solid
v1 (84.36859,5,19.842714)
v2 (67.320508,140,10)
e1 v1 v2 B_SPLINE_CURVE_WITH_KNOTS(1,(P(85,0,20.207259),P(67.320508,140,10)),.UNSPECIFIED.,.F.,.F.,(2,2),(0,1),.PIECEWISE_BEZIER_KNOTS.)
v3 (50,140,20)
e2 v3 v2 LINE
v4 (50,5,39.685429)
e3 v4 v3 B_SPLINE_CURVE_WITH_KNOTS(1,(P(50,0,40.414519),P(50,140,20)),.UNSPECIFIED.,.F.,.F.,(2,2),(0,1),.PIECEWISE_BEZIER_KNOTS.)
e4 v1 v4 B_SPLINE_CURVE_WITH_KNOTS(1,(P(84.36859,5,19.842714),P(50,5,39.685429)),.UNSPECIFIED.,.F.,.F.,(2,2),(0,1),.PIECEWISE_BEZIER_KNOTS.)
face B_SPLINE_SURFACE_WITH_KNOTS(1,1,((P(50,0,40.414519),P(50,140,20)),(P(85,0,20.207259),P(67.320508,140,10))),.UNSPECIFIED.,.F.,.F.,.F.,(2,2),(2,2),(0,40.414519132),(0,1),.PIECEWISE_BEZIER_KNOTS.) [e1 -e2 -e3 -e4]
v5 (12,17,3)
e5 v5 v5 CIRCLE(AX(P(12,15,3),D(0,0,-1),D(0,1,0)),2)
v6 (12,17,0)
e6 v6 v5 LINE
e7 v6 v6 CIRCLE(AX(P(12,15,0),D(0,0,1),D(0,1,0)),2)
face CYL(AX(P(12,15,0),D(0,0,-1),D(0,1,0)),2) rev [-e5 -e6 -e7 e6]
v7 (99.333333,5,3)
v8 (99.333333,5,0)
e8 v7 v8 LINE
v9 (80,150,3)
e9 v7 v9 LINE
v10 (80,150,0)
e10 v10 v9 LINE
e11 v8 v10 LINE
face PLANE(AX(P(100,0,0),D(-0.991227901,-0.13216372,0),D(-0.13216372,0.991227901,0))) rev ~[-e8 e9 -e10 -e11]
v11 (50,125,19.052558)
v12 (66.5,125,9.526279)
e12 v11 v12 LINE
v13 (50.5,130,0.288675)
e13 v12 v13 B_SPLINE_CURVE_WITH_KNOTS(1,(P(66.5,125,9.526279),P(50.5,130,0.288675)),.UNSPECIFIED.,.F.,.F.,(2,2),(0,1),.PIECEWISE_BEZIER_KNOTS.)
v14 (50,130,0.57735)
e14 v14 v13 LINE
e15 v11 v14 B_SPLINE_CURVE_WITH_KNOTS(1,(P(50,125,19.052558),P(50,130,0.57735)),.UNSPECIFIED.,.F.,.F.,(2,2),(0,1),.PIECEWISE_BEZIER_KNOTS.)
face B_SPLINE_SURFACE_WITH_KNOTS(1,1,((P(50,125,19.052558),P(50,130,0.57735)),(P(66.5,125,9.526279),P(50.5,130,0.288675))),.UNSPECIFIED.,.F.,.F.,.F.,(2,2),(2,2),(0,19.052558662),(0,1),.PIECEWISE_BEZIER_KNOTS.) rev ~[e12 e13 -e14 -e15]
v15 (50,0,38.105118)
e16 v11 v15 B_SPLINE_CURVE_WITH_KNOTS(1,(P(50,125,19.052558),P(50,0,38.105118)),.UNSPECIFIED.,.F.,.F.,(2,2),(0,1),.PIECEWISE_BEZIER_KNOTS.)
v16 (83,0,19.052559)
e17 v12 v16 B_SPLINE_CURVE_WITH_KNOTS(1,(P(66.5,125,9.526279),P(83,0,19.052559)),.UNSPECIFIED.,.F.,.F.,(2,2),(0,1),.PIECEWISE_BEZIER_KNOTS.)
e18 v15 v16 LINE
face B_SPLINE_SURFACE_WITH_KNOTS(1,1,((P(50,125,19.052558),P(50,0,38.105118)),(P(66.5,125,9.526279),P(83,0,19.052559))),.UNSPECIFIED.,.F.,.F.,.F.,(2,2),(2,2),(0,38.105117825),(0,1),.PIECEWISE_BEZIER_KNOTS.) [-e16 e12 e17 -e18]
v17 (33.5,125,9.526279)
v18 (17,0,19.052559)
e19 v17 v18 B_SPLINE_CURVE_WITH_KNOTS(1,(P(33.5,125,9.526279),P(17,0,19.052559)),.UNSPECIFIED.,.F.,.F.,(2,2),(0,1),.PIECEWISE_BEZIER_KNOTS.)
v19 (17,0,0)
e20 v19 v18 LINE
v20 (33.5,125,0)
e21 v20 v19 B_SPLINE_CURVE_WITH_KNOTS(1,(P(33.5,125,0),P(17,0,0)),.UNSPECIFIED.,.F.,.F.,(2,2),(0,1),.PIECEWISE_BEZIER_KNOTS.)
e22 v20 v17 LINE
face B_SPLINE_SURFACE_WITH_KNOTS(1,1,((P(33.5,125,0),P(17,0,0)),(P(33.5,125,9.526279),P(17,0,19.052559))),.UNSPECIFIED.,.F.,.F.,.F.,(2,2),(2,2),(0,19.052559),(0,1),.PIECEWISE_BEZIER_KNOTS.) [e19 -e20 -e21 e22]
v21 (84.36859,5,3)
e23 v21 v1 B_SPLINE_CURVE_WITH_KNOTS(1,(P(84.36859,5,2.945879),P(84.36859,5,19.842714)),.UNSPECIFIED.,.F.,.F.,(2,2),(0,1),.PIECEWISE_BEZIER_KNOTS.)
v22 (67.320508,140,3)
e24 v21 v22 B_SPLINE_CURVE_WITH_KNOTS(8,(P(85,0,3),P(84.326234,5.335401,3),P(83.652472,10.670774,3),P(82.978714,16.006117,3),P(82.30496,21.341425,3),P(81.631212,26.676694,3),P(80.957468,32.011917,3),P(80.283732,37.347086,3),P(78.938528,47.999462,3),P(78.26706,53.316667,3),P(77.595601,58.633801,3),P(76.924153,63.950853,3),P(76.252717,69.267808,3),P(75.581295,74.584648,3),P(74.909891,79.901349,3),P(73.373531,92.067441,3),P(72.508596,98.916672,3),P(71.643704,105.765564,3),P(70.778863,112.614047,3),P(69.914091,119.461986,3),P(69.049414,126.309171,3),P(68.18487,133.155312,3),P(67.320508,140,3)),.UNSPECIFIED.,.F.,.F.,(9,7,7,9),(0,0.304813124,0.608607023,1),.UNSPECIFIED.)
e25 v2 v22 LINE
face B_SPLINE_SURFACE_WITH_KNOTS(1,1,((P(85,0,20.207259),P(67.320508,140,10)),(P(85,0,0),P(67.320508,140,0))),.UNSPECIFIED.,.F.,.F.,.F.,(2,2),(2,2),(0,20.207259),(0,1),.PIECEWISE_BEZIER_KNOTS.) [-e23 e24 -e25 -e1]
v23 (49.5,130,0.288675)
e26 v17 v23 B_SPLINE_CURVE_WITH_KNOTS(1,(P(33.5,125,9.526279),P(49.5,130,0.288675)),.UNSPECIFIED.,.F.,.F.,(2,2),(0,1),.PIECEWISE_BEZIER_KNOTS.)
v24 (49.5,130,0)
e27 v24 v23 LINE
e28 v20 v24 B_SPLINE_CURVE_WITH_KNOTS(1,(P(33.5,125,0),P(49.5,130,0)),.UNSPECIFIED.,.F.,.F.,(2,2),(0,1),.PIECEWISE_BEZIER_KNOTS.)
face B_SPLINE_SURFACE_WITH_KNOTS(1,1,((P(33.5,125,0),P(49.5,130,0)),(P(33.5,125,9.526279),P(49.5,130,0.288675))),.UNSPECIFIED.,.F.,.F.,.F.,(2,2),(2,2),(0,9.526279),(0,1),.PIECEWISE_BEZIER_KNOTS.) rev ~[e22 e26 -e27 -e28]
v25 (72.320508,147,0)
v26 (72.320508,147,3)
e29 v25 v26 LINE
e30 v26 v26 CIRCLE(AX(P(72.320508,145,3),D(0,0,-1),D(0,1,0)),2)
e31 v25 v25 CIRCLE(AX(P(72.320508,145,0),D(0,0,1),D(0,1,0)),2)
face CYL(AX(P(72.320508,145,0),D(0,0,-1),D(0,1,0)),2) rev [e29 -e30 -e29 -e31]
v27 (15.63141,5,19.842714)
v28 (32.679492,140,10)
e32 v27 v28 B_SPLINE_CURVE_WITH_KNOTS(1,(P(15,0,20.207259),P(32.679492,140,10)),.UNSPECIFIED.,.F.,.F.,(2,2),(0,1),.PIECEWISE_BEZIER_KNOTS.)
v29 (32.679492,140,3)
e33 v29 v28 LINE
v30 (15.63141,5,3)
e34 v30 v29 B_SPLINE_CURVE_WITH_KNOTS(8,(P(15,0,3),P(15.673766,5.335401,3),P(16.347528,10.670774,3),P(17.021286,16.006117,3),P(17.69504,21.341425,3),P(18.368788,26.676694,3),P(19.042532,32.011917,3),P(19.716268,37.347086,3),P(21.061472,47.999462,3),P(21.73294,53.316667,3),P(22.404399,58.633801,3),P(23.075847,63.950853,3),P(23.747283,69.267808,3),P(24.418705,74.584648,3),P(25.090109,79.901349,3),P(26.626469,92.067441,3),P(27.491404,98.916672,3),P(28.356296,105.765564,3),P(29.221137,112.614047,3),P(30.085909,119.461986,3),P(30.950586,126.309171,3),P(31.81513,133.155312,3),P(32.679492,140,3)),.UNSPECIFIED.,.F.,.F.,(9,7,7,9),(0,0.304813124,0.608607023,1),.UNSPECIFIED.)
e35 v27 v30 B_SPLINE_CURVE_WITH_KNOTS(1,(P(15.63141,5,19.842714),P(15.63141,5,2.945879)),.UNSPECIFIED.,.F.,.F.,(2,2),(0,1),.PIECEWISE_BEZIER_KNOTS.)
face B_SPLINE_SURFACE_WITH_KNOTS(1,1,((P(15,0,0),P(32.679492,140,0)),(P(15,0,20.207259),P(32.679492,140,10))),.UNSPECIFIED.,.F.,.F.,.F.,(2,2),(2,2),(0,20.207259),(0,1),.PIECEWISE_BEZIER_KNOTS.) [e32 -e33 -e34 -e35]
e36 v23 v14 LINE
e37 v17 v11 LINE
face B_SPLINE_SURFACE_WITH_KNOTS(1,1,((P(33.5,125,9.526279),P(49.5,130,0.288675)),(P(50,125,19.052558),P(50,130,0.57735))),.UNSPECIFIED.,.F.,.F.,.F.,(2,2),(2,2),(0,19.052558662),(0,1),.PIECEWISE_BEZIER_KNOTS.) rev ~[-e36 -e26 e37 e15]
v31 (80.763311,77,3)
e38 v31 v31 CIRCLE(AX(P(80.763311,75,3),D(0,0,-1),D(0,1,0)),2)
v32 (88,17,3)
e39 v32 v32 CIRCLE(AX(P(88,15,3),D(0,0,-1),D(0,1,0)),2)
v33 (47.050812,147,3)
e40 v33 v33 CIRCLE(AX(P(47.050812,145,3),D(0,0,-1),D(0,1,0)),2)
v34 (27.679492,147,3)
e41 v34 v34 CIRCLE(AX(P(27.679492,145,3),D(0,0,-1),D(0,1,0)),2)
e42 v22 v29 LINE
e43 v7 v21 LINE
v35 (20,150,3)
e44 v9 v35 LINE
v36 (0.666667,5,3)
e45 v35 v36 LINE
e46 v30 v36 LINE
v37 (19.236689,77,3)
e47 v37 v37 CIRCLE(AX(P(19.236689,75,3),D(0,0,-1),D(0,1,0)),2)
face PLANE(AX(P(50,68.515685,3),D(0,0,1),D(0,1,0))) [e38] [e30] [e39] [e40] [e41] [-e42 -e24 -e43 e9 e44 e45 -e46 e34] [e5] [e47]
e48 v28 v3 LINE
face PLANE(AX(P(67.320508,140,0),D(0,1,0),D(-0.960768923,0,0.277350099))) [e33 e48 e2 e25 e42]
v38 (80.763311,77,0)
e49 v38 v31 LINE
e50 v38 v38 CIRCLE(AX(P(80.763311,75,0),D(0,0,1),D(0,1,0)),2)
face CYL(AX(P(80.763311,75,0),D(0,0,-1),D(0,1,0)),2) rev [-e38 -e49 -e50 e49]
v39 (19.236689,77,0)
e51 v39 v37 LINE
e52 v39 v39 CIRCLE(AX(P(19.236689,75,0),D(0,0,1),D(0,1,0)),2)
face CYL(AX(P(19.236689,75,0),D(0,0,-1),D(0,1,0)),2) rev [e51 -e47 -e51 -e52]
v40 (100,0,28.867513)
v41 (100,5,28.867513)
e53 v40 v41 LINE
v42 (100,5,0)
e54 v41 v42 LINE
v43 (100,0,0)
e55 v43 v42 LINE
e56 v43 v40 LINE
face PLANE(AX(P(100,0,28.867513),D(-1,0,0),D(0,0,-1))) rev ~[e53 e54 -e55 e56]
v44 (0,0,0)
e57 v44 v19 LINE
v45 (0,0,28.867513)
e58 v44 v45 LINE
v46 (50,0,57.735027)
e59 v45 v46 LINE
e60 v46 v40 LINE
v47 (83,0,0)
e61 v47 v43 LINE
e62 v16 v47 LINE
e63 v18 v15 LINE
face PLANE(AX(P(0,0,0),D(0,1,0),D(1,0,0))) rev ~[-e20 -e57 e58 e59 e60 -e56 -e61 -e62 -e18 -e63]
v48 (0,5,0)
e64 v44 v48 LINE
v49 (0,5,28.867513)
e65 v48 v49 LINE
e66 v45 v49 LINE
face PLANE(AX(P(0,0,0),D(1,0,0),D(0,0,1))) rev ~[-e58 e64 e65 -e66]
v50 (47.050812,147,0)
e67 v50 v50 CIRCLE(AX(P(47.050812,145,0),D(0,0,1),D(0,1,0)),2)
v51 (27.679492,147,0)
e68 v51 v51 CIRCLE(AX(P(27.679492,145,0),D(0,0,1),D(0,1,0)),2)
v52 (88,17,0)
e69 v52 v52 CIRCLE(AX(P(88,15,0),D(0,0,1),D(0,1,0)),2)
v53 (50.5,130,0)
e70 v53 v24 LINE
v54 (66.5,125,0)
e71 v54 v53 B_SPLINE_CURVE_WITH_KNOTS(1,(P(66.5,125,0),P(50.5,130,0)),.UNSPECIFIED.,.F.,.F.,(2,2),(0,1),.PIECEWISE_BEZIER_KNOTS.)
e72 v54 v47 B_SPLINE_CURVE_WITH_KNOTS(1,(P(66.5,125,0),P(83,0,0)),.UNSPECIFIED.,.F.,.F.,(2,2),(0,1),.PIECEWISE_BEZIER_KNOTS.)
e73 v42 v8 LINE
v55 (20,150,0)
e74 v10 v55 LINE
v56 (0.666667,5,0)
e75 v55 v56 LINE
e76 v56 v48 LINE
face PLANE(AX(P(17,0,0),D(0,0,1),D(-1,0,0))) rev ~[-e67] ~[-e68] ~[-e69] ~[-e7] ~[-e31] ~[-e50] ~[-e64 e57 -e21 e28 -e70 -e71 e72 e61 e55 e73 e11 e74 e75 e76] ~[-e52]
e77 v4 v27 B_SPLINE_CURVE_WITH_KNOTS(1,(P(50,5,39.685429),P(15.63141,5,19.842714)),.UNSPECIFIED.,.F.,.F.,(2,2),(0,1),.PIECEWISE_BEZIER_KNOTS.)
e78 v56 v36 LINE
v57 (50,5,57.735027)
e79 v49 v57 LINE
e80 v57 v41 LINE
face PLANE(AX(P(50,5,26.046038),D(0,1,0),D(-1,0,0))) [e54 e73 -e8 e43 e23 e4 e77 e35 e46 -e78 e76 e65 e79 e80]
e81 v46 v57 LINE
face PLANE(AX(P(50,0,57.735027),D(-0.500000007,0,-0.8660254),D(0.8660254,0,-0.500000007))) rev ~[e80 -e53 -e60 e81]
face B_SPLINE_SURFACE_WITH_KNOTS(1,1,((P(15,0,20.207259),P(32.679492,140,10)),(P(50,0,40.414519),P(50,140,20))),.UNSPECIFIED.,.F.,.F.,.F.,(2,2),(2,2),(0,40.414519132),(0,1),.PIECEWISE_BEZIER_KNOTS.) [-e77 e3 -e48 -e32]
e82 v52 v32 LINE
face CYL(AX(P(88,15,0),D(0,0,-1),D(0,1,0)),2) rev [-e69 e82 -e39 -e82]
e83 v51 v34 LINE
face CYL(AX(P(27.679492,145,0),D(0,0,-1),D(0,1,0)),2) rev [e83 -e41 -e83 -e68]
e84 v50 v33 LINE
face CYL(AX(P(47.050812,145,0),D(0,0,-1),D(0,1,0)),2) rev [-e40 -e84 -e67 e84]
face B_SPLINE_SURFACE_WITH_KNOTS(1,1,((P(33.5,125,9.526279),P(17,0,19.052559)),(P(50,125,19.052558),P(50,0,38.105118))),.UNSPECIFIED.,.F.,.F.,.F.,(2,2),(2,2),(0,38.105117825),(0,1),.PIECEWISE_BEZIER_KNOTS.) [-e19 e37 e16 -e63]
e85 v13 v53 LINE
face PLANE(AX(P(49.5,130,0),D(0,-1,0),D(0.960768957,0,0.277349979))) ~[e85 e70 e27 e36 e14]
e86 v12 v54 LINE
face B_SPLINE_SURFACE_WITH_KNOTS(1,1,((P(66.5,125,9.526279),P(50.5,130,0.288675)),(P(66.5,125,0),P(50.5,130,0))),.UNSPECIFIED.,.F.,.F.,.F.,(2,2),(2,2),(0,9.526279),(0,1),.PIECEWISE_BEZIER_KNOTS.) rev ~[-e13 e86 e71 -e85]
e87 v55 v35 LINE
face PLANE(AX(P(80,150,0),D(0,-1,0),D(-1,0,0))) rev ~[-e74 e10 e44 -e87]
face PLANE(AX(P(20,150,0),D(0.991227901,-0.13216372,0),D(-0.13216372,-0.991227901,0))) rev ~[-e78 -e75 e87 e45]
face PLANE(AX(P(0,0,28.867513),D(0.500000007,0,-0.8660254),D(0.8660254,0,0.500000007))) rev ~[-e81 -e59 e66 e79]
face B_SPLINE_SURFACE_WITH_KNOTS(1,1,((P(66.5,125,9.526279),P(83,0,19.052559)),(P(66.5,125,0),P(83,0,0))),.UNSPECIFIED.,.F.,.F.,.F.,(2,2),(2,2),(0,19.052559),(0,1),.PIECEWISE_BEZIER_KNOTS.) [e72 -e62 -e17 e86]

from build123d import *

# Parameters (mm, degrees)
EXTRUDE002_DEPTH = 5
FACE007_R        = 2
EXTRUDE001_DEPTH = 10
EXTRUDE_DEPTH    = 3


with BuildPart() as extrude002:
    # Sketch008 (on Face18 of Cut001) → Extrude002 (new body)
    with BuildSketch(Plane.XZ):
        Polygon((0, 0), (0, 28.867513), (50, 57.735027), (100, 28.867513), (100, 0), (83, 0), (83, 19.052559), (50, 38.105118), (17, 19.052559), (17, 0), align=None)
    extrude(amount=-EXTRUDE002_DEPTH)


with BuildPart() as extrude001:
    # Face007 → Extrude001 (new body)
    with BuildSketch(Plane(origin=(88, 15, 0), x_dir=(0, 1, 0), z_dir=(0, 0, 1))):
        Circle(FACE007_R)
        with Locations((0, 76)):
            Circle(FACE007_R)
        with Locations((60, 68.763311)):
            Circle(FACE007_R)
        with Locations((60, 7.236689)):
            Circle(FACE007_R)
        with Locations((130, 15.679492)):
            Circle(FACE007_R)
        with Locations((130, 40.949188)):
            Circle(FACE007_R)
        with Locations((130, 60.320508)):
            Circle(FACE007_R)
    extrude(amount=EXTRUDE001_DEPTH)


with BuildPart() as loft002:
    # Face006 → Loft002 section 0
    with BuildSketch(Plane(origin=(50, 125, 7.409328), x_dir=(1, 0, 0), z_dir=(0, 1, 0))):
        Polygon((-16.5, 7.409328), (-16.5, -2.116951), (0, -11.64323), (16.5, -2.116951), (16.5, 7.409328), align=None)
    # Face005 → Loft002 section 1
    with BuildSketch(Plane(origin=(50, 130, 0.224525), x_dir=(1, 0, 0), z_dir=(0, 1, 0))):
        Polygon((-0.5, 0.224525), (-0.5, -0.06415), (0, -0.352825), (0.5, -0.06415), (0.5, 0.224525), align=None)
    loft()


with BuildPart() as fusion001:
    # Face003 → Loft001 section 0
    with BuildSketch(Plane(origin=(50, 125, 7.409328), x_dir=(1, 0, 0), z_dir=(0, 1, 0))):
        Polygon((-16.5, 7.409328), (-16.5, -2.116951), (0, -11.64323), (16.5, -2.116951), (16.5, 7.409328), align=None)
    # Face004 → Loft001 section 1
    with BuildSketch(Plane(origin=(50, 0, 14.818657), x_dir=(1, 0, 0), z_dir=(0, 1, 0))):
        Polygon((-33, 14.818657), (-33, -4.233902), (0, -23.286461), (33, -4.233902), (33, 14.818657), align=None)
    loft()

    # Fusion001: union Loft002
    add(loft002.part)


with BuildPart() as loft_body:
    # Face001 → Loft section 0
    with BuildSketch(Plane(origin=(50, 0, 15.716757), x_dir=(1, 0, 0), z_dir=(0, 1, 0))):
        Polygon((35, 15.716757), (-35, 15.716757), (-35, -4.490502), (0, -24.697762), (35, -4.490502), align=None)
    # Face002 → Loft section 1
    with BuildSketch(Plane(origin=(50, 140, 7.777778), x_dir=(1, 0, 0), z_dir=(0, 1, 0))):
        Polygon((-17.320508, 7.777778), (-17.320508, -2.222222), (0, -12.222222), (17.320508, -2.222222), (17.320508, 7.777778), align=None)
    loft()


with BuildPart() as fusion002:
    # Face → Extrude (new body)
    with BuildSketch(Plane(origin=(50, 68.75, 0), x_dir=(0, 1, 0), z_dir=(0, 0, 1))):
        Polygon((-68.75, 50), (-68.75, -50), (81.25, -30), (81.25, 30), align=None)
    extrude(amount=EXTRUDE_DEPTH)

    # Fusion: union Loft body
    add(loft_body.part)

    # Cut: cut Fusion001
    add(fusion001.part, mode=Mode.SUBTRACT)

    # Cut001: cut Extrude001
    add(extrude001.part, mode=Mode.SUBTRACT)

    # Fusion002: union Extrude002
    add(extrude002.part)


solid = fusion002.part
